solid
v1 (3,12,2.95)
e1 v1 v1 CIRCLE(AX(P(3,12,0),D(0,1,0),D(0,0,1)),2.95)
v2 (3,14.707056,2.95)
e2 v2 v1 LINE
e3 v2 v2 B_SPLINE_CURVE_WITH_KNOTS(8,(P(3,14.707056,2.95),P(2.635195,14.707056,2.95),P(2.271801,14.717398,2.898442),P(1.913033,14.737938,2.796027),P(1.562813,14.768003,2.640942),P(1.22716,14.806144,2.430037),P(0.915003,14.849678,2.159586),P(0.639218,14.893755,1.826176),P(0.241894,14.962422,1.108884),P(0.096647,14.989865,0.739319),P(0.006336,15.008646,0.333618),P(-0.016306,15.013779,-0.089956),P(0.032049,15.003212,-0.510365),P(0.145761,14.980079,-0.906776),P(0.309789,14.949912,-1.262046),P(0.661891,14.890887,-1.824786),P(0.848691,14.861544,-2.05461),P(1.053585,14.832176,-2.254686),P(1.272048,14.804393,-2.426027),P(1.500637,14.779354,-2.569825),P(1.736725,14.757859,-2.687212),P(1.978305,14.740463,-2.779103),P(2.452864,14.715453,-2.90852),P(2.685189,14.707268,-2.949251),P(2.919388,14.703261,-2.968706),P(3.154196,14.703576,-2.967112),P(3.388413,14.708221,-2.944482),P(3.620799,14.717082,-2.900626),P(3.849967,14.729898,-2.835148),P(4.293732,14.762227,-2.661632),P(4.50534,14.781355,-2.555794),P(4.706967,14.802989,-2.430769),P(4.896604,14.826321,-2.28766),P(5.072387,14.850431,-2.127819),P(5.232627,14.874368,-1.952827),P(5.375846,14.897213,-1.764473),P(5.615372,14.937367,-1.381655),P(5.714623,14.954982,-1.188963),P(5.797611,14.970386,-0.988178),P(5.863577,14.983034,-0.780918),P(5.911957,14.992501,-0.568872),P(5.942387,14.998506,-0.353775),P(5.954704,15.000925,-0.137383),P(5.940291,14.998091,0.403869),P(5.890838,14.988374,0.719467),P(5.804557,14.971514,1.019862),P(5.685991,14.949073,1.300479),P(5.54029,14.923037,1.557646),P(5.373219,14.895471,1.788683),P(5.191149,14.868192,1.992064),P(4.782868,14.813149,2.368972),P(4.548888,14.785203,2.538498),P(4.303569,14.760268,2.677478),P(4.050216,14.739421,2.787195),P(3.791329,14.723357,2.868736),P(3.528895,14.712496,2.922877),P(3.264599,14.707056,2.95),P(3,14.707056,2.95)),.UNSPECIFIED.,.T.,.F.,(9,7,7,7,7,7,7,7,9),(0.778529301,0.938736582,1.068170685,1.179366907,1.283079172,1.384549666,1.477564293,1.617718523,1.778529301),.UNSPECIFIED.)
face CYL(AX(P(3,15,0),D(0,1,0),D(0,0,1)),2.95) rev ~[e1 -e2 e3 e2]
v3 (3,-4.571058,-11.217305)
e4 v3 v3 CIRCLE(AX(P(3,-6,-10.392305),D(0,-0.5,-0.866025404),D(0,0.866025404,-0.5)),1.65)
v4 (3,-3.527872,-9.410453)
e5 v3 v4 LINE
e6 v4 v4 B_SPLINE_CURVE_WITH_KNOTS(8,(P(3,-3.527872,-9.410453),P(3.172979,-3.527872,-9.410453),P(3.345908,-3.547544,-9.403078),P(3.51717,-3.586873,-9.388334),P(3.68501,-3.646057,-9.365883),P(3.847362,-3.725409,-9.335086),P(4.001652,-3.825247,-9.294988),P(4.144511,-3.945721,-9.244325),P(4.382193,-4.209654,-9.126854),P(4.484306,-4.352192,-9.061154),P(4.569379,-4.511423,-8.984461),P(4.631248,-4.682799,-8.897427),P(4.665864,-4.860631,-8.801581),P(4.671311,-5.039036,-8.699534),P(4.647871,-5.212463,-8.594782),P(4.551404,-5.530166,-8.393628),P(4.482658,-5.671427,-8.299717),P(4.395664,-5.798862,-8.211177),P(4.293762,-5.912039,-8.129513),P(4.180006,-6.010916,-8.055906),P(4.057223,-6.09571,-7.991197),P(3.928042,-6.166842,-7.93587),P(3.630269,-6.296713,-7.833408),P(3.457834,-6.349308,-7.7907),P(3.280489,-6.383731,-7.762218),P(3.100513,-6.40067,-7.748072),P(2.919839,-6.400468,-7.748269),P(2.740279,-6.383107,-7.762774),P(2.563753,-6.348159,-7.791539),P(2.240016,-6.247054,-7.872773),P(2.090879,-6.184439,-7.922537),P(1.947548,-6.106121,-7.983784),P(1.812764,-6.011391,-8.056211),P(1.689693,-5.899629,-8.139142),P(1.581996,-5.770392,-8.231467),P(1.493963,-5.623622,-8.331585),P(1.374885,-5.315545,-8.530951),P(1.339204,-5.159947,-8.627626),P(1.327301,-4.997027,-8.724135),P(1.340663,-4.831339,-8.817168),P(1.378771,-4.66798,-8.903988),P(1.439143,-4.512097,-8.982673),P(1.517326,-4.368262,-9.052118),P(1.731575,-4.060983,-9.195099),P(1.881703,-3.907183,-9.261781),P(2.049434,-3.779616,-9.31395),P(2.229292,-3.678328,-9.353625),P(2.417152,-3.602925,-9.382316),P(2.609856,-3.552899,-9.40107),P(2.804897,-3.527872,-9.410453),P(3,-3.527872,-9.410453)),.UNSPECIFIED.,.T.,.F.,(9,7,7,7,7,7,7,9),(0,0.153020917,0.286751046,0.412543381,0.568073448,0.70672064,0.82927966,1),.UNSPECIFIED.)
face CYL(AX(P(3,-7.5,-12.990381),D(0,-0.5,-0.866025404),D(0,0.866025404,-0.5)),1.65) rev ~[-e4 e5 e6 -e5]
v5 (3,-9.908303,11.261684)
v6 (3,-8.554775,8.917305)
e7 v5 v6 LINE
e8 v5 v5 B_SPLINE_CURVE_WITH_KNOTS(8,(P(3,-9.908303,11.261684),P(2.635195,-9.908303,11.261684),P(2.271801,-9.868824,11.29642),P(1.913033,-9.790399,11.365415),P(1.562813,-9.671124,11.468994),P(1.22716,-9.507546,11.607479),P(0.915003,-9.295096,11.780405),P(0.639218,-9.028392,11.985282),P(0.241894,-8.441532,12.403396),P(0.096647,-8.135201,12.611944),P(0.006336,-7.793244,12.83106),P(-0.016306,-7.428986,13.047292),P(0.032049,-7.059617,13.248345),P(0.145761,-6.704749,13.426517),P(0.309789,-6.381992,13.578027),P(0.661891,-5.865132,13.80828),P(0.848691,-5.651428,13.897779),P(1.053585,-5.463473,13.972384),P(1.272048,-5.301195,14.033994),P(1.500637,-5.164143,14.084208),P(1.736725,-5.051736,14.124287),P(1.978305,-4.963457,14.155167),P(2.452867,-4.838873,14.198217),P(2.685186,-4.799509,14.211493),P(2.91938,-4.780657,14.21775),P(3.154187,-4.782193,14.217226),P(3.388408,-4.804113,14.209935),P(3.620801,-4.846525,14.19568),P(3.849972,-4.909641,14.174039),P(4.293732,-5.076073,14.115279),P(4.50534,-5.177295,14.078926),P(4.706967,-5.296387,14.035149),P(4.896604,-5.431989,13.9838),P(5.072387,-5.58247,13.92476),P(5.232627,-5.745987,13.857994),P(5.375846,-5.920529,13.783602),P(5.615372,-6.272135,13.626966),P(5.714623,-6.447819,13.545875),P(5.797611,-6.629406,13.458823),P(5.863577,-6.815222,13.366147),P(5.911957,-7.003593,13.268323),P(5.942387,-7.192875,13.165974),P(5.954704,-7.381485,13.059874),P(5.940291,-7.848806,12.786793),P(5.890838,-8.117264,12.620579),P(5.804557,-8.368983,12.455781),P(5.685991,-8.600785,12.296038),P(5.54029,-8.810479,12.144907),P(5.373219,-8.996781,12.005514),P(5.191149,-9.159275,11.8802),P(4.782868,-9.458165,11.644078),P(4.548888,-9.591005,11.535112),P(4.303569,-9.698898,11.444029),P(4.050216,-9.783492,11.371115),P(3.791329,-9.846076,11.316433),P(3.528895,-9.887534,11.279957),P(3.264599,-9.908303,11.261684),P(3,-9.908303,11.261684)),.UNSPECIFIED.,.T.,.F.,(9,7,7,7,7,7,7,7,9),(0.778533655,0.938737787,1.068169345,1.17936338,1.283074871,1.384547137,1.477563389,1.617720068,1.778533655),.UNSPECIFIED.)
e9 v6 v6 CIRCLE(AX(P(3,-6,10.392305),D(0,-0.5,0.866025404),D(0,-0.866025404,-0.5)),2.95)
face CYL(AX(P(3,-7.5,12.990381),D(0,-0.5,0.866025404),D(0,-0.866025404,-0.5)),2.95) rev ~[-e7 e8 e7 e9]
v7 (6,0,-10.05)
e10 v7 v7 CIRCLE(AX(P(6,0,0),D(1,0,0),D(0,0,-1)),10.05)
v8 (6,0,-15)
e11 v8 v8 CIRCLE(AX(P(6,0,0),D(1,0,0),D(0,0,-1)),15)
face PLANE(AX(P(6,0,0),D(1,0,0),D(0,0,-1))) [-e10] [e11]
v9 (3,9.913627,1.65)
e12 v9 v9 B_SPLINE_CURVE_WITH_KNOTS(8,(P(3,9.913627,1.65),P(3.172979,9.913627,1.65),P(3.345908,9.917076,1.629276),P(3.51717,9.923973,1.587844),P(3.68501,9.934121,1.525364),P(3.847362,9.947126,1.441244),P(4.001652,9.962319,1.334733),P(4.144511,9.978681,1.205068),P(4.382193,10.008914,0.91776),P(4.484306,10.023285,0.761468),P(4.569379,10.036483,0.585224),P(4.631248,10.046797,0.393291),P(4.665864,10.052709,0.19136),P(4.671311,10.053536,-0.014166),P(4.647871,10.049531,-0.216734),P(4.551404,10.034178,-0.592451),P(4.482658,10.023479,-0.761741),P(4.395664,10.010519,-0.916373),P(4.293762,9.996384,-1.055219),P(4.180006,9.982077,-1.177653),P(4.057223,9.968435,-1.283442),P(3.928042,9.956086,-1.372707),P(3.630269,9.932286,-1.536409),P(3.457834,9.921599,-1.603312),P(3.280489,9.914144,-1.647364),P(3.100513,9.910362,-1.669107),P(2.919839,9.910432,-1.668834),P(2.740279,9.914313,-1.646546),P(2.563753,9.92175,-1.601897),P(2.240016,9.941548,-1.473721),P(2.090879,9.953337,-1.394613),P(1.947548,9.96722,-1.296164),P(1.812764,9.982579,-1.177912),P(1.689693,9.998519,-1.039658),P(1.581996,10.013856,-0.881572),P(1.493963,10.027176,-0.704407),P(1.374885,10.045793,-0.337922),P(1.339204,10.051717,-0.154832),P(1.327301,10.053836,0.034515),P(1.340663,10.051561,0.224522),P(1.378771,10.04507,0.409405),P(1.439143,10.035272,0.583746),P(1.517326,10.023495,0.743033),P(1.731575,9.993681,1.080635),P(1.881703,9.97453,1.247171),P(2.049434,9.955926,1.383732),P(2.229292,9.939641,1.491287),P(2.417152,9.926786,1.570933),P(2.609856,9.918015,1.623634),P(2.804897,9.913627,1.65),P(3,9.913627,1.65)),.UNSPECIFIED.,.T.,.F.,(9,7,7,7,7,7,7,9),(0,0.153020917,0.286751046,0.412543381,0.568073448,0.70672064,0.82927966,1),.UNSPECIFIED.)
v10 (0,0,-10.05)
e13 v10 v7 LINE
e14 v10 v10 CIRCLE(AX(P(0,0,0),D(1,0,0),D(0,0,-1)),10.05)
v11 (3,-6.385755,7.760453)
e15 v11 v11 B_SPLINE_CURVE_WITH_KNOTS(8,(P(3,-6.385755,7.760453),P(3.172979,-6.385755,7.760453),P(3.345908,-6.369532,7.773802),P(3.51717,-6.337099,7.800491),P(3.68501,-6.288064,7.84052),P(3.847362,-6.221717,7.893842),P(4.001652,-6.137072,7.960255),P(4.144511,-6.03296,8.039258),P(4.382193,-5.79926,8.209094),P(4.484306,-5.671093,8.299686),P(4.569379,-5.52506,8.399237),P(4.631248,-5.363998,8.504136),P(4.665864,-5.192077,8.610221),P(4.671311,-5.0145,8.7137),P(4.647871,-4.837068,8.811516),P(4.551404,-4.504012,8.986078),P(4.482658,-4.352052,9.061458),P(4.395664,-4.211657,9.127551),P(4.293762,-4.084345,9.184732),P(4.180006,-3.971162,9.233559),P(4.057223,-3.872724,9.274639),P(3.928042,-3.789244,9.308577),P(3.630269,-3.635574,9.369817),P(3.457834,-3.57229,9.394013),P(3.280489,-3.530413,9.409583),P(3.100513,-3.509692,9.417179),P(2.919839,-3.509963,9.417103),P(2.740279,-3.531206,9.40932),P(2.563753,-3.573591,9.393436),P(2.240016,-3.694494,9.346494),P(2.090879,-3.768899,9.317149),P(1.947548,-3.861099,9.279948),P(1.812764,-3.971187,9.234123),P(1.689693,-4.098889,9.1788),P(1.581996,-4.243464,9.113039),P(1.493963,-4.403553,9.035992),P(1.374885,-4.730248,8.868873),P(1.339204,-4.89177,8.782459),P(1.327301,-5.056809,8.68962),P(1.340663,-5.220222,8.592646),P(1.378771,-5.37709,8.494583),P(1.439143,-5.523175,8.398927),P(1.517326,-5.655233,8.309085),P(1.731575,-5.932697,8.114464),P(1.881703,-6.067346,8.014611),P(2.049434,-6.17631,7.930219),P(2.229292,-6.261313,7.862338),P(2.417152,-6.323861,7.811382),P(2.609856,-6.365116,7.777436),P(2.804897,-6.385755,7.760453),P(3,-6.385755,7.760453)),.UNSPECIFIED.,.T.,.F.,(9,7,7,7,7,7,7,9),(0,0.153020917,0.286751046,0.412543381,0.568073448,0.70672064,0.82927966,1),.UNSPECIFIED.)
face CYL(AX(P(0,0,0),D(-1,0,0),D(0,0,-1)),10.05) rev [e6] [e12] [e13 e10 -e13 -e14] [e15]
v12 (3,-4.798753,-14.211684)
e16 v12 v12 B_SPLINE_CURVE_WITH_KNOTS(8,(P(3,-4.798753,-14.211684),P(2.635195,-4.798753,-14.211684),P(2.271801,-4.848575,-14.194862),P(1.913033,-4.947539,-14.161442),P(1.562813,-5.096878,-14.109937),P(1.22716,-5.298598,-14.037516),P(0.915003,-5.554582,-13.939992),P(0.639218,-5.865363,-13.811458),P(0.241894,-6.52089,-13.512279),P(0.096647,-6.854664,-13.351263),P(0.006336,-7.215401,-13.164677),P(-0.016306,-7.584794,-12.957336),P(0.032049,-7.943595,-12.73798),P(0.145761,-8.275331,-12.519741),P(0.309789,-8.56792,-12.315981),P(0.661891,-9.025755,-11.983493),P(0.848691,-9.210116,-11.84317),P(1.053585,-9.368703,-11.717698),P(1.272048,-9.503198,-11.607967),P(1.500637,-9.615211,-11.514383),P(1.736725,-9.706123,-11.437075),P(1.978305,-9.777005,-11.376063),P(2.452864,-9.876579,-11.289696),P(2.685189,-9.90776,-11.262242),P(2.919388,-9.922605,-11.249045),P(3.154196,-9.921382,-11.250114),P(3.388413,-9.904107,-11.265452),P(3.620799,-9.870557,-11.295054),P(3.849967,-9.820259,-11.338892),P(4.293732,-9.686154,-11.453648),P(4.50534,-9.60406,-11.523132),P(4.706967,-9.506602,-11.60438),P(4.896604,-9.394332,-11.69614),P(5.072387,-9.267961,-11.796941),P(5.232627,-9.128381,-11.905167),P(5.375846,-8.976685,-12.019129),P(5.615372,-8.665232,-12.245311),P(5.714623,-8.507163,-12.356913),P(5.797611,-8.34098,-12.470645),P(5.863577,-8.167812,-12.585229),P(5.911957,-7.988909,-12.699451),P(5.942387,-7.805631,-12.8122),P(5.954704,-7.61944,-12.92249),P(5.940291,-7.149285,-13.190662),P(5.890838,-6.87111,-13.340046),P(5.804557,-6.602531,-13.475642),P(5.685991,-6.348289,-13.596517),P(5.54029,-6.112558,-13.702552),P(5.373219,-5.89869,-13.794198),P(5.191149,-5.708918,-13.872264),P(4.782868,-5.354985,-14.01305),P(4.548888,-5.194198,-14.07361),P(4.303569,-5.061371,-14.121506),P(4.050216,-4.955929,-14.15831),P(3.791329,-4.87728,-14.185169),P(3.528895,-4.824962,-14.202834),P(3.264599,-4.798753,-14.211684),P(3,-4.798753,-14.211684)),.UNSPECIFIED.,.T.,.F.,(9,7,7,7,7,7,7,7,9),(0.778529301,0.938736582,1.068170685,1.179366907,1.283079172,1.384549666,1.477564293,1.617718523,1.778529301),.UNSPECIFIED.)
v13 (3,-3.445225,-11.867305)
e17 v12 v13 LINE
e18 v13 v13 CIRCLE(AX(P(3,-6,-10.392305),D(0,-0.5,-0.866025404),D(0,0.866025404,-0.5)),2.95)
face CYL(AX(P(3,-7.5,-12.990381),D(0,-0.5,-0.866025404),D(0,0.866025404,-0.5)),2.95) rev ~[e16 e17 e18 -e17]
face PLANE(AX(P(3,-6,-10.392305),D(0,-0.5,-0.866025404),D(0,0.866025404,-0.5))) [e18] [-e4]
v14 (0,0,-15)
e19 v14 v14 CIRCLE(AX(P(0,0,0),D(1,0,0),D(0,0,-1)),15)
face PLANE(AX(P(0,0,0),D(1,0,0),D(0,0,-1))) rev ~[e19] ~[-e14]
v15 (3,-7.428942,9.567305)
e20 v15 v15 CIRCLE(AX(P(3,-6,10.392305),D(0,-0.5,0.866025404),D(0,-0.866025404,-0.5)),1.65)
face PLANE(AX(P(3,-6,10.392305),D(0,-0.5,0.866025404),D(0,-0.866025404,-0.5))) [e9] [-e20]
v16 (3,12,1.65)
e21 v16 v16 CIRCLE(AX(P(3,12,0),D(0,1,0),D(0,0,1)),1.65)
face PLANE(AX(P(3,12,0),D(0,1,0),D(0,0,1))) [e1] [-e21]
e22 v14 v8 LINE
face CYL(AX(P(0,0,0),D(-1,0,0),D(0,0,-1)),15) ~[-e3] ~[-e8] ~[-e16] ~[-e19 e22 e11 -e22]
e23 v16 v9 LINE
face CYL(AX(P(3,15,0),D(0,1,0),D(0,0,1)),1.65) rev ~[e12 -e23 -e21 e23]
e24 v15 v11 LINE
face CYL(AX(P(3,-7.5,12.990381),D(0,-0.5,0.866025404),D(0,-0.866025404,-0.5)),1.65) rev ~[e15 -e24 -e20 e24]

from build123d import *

# Parameters (mm, degrees)
SKETCH1_R           = 15
SKETCH1_R_2         = 10.05
BOSS_EXTRUDE1_DEPTH = 6
SKETCH3_R           = 2.95
CUT_EXTRUDE1_DEPTH  = 3
CIRPATTERN1_COUNT   = 3
SKETCH4_R           = 1.65
CUT_EXTRUDE2_DEPTH  = 11
CIRPATTERN3_COUNT   = 3


with BuildPart() as part:
    # Sketch1 → Boss-Extrude1 (new body)
    with BuildSketch(Plane(origin=(0, 0, 0), x_dir=(0, 0, -1), z_dir=(1, 0, 0))):
        Circle(SKETCH1_R)
        Circle(SKETCH1_R_2, mode=Mode.SUBTRACT)
    extrude(amount=BOSS_EXTRUDE1_DEPTH)

    # Sketch3 → Cut-Extrude1 (cut)
    with BuildSketch(Plane(origin=(0, -7.5, 12.990381057), x_dir=(1, 0, 0), z_dir=(0, -0.5000000000000044, 0.866025403784436))):
        with Locations(Location((3, 0, 0), (0, 0, 270))):
            Circle(SKETCH3_R)
    cut_extrude1 = extrude(amount=-CUT_EXTRUDE1_DEPTH, mode=Mode.SUBTRACT)

    # CirPattern1: Cut-Extrude1 ×3 about axis
    cirpattern1_axis = Axis((0, 0, 0), (1, 0, 0))
    for i in range(1, CIRPATTERN1_COUNT):
        add(cut_extrude1.rotate(cirpattern1_axis, i * 360 / CIRPATTERN1_COUNT), mode=Mode.SUBTRACT)

    # Sketch4 → Cut-Extrude2 (cut)
    with BuildSketch(Plane(origin=(0, -7.5, 12.990381057), x_dir=(1, 0, 0), z_dir=(0, -0.5000000000000044, 0.866025403784436))):
        with Locations(Location((3, 0, 0), (0, 0, 270))):
            Circle(SKETCH4_R)
    cut_extrude2 = extrude(amount=-CUT_EXTRUDE2_DEPTH, mode=Mode.SUBTRACT)

    # CirPattern3: Cut-Extrude2 ×3 about axis
    cirpattern3_axis = Axis((6, 0, 0), (-1, 0, 0))
    for i in range(1, CIRPATTERN3_COUNT):
        add(cut_extrude2.rotate(cirpattern3_axis, i * 360 / CIRPATTERN3_COUNT), mode=Mode.SUBTRACT)


solid = part.part
